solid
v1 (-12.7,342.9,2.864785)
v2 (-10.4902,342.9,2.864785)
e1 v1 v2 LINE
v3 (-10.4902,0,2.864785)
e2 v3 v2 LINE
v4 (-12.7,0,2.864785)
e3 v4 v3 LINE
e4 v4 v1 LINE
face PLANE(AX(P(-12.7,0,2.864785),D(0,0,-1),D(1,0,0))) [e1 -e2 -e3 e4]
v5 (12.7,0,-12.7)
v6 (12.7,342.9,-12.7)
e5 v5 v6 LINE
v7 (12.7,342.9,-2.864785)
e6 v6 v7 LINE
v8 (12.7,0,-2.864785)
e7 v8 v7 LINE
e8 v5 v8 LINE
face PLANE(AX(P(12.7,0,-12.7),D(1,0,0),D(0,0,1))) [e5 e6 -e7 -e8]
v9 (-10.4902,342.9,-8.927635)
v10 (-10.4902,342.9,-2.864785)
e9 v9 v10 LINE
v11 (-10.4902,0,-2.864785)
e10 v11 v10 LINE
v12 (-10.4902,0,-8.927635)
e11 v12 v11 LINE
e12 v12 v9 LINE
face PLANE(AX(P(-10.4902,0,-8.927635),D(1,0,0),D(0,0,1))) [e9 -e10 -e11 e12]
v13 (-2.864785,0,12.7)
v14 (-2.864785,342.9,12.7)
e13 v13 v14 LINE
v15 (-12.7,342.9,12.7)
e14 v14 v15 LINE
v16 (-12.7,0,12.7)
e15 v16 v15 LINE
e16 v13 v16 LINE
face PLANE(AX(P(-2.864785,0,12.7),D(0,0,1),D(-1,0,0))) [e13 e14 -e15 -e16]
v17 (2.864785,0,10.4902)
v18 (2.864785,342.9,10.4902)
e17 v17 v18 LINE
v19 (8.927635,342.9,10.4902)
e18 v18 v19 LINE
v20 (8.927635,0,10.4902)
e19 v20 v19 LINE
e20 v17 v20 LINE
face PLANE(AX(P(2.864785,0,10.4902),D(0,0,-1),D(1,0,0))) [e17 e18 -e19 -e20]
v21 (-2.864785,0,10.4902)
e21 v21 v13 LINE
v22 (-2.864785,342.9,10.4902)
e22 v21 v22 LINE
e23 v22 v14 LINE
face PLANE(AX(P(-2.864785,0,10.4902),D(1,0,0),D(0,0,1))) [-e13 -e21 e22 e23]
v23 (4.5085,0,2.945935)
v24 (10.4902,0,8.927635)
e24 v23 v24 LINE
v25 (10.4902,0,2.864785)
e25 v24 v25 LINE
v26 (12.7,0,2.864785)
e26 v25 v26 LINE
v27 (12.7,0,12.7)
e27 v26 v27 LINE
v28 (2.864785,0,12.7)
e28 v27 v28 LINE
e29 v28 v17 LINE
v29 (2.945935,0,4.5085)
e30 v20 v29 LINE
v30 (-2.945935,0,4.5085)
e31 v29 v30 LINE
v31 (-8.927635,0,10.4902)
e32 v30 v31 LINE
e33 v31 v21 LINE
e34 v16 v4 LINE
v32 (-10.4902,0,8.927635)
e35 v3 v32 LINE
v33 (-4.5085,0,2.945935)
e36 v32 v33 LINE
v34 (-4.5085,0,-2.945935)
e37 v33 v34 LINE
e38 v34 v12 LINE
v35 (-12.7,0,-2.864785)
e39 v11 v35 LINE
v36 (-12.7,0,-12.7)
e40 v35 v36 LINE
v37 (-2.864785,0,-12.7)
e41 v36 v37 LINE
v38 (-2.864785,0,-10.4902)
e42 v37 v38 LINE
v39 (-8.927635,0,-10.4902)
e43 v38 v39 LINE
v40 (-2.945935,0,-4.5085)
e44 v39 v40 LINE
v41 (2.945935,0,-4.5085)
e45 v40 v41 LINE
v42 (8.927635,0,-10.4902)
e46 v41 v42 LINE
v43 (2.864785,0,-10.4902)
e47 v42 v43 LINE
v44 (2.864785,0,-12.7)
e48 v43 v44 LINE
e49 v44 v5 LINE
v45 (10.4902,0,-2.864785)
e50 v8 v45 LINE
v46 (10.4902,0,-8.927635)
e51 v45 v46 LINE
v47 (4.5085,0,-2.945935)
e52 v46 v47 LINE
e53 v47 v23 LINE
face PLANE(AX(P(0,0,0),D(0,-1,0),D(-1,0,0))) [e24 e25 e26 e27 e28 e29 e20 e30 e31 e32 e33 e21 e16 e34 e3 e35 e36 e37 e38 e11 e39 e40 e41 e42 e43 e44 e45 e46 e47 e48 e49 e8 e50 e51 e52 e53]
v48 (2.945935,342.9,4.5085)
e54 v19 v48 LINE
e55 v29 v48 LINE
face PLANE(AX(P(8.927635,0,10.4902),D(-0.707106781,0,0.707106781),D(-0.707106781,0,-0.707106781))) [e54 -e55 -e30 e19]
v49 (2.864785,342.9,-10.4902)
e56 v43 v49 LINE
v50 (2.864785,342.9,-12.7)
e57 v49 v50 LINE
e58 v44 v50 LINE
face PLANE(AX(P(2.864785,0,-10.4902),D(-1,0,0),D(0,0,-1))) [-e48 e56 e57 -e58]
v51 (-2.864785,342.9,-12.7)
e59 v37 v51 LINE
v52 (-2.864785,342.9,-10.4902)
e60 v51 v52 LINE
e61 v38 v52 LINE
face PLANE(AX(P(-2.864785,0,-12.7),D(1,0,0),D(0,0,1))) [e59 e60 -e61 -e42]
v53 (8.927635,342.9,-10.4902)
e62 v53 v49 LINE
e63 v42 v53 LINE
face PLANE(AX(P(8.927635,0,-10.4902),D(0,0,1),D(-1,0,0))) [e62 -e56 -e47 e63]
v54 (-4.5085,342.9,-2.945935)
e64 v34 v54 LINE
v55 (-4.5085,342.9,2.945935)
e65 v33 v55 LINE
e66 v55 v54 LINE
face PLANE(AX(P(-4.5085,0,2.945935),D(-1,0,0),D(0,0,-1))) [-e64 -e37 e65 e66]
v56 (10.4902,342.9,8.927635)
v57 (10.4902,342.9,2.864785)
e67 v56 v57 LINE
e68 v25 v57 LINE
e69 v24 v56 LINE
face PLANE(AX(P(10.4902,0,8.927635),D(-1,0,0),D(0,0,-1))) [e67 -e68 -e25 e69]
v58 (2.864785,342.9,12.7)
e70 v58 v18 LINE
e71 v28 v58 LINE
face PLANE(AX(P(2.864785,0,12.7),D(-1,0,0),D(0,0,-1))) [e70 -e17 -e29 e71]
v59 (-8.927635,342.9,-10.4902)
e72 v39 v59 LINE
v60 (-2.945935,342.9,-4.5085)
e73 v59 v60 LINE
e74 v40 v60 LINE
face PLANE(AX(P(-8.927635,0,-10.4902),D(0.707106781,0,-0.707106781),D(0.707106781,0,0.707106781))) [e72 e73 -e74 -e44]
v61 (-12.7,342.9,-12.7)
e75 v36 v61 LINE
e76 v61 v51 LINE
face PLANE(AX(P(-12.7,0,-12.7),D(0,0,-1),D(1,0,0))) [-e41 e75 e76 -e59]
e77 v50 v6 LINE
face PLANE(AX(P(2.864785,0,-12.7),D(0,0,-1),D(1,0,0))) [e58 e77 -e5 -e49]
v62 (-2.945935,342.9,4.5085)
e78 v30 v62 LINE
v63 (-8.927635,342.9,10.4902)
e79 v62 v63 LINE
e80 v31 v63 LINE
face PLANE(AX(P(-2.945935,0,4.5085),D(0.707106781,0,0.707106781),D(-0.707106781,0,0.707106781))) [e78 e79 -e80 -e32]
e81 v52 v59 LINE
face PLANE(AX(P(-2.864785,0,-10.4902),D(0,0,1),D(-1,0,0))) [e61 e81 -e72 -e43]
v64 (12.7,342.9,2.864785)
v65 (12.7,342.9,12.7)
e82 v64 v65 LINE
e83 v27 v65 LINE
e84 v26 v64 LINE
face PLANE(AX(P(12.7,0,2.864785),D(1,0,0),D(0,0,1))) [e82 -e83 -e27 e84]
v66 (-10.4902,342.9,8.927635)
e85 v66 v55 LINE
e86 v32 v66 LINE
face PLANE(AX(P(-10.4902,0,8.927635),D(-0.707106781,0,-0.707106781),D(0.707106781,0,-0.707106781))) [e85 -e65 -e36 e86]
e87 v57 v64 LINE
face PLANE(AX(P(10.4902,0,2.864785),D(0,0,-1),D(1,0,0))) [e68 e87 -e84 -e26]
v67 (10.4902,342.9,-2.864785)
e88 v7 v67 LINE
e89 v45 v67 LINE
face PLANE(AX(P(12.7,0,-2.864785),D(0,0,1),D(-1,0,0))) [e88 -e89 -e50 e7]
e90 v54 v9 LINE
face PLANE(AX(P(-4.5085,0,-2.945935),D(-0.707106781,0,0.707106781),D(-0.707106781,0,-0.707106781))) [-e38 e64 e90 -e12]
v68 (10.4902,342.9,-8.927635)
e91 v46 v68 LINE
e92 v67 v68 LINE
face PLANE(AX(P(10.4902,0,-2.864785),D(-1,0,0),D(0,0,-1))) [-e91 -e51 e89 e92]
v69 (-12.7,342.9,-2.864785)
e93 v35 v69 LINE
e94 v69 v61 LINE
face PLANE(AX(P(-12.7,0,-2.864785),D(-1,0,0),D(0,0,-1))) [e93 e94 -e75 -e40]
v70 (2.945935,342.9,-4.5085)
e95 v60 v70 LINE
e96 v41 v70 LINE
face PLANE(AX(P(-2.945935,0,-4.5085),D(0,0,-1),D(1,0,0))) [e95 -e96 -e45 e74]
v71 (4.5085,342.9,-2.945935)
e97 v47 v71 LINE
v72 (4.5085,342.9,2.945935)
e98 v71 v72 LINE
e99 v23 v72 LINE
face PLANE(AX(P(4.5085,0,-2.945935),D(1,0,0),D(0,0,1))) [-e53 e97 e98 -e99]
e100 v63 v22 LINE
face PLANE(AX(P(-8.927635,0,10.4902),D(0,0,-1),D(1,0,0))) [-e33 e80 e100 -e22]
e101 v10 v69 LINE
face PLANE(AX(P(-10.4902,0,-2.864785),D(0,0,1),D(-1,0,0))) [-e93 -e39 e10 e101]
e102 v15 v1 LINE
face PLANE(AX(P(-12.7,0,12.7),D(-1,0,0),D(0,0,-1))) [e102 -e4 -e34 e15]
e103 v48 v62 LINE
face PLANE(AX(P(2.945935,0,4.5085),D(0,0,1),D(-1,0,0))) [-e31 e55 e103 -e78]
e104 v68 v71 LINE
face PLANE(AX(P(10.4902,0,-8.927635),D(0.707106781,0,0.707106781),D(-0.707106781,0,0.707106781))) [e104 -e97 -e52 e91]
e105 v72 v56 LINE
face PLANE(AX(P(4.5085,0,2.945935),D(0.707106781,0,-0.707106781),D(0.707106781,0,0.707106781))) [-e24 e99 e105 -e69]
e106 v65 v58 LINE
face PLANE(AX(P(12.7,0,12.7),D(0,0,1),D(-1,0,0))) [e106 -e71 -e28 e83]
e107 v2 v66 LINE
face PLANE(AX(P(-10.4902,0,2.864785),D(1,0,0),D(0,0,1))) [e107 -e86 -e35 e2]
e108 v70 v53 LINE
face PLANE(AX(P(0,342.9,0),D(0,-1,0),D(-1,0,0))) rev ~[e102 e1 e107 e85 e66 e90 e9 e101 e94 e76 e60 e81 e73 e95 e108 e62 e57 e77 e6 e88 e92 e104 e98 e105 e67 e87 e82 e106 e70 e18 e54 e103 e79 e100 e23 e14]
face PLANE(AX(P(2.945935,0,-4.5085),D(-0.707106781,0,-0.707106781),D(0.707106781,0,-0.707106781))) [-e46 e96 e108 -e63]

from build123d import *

# Parameters (mm, degrees)
BOSS_EXTRUDE1_DEPTH = 342.9


with BuildPart() as part:
    # Sketch1 → Boss-Extrude1 (new body)
    with BuildSketch(Plane(origin=(11.365010382, 0, 9.846206226), x_dir=(1, 0, 0), z_dir=(0, 1, 0))):
        Polygon((-24.065010382, 22.546206226), (-14.229795365, 22.546206226), (-14.229795365, 20.336406226), (-20.292645817, 20.336406226), (-14.310945817, 14.354706226), (-8.419074947, 14.354706226), (-2.437374947, 20.336406226), (-8.5002254, 20.336406226), (-8.5002254, 22.546206226), (1.334989618, 22.546206226), (1.334989618, 12.710991208), (-0.874810382, 12.710991208), (-0.874810382, 18.773841661), (-6.856510382, 12.792141661), (-6.856510382, 6.900270791), (-0.874810382, 0.918570791), (-0.874810382, 6.981421243), (1.334989618, 6.981421243), (1.334989618, -2.853793774), (-8.5002254, -2.853793774), (-8.5002254, -0.643993774), (-2.437374947, -0.643993774), (-8.419074947, 5.337706226), (-14.310945817, 5.337706226), (-20.292645817, -0.643993774), (-14.229795365, -0.643993774), (-14.229795365, -2.853793774), (-24.065010382, -2.853793774), (-24.065010382, 6.981421243), (-21.855210382, 6.981421243), (-21.855210382, 0.918570791), (-15.873510382, 6.900270791), (-15.873510382, 12.792141661), (-21.855210382, 18.773841661), (-21.855210382, 12.710991208), (-24.065010382, 12.710991208), align=None)
    extrude(amount=BOSS_EXTRUDE1_DEPTH)


solid = part.part
